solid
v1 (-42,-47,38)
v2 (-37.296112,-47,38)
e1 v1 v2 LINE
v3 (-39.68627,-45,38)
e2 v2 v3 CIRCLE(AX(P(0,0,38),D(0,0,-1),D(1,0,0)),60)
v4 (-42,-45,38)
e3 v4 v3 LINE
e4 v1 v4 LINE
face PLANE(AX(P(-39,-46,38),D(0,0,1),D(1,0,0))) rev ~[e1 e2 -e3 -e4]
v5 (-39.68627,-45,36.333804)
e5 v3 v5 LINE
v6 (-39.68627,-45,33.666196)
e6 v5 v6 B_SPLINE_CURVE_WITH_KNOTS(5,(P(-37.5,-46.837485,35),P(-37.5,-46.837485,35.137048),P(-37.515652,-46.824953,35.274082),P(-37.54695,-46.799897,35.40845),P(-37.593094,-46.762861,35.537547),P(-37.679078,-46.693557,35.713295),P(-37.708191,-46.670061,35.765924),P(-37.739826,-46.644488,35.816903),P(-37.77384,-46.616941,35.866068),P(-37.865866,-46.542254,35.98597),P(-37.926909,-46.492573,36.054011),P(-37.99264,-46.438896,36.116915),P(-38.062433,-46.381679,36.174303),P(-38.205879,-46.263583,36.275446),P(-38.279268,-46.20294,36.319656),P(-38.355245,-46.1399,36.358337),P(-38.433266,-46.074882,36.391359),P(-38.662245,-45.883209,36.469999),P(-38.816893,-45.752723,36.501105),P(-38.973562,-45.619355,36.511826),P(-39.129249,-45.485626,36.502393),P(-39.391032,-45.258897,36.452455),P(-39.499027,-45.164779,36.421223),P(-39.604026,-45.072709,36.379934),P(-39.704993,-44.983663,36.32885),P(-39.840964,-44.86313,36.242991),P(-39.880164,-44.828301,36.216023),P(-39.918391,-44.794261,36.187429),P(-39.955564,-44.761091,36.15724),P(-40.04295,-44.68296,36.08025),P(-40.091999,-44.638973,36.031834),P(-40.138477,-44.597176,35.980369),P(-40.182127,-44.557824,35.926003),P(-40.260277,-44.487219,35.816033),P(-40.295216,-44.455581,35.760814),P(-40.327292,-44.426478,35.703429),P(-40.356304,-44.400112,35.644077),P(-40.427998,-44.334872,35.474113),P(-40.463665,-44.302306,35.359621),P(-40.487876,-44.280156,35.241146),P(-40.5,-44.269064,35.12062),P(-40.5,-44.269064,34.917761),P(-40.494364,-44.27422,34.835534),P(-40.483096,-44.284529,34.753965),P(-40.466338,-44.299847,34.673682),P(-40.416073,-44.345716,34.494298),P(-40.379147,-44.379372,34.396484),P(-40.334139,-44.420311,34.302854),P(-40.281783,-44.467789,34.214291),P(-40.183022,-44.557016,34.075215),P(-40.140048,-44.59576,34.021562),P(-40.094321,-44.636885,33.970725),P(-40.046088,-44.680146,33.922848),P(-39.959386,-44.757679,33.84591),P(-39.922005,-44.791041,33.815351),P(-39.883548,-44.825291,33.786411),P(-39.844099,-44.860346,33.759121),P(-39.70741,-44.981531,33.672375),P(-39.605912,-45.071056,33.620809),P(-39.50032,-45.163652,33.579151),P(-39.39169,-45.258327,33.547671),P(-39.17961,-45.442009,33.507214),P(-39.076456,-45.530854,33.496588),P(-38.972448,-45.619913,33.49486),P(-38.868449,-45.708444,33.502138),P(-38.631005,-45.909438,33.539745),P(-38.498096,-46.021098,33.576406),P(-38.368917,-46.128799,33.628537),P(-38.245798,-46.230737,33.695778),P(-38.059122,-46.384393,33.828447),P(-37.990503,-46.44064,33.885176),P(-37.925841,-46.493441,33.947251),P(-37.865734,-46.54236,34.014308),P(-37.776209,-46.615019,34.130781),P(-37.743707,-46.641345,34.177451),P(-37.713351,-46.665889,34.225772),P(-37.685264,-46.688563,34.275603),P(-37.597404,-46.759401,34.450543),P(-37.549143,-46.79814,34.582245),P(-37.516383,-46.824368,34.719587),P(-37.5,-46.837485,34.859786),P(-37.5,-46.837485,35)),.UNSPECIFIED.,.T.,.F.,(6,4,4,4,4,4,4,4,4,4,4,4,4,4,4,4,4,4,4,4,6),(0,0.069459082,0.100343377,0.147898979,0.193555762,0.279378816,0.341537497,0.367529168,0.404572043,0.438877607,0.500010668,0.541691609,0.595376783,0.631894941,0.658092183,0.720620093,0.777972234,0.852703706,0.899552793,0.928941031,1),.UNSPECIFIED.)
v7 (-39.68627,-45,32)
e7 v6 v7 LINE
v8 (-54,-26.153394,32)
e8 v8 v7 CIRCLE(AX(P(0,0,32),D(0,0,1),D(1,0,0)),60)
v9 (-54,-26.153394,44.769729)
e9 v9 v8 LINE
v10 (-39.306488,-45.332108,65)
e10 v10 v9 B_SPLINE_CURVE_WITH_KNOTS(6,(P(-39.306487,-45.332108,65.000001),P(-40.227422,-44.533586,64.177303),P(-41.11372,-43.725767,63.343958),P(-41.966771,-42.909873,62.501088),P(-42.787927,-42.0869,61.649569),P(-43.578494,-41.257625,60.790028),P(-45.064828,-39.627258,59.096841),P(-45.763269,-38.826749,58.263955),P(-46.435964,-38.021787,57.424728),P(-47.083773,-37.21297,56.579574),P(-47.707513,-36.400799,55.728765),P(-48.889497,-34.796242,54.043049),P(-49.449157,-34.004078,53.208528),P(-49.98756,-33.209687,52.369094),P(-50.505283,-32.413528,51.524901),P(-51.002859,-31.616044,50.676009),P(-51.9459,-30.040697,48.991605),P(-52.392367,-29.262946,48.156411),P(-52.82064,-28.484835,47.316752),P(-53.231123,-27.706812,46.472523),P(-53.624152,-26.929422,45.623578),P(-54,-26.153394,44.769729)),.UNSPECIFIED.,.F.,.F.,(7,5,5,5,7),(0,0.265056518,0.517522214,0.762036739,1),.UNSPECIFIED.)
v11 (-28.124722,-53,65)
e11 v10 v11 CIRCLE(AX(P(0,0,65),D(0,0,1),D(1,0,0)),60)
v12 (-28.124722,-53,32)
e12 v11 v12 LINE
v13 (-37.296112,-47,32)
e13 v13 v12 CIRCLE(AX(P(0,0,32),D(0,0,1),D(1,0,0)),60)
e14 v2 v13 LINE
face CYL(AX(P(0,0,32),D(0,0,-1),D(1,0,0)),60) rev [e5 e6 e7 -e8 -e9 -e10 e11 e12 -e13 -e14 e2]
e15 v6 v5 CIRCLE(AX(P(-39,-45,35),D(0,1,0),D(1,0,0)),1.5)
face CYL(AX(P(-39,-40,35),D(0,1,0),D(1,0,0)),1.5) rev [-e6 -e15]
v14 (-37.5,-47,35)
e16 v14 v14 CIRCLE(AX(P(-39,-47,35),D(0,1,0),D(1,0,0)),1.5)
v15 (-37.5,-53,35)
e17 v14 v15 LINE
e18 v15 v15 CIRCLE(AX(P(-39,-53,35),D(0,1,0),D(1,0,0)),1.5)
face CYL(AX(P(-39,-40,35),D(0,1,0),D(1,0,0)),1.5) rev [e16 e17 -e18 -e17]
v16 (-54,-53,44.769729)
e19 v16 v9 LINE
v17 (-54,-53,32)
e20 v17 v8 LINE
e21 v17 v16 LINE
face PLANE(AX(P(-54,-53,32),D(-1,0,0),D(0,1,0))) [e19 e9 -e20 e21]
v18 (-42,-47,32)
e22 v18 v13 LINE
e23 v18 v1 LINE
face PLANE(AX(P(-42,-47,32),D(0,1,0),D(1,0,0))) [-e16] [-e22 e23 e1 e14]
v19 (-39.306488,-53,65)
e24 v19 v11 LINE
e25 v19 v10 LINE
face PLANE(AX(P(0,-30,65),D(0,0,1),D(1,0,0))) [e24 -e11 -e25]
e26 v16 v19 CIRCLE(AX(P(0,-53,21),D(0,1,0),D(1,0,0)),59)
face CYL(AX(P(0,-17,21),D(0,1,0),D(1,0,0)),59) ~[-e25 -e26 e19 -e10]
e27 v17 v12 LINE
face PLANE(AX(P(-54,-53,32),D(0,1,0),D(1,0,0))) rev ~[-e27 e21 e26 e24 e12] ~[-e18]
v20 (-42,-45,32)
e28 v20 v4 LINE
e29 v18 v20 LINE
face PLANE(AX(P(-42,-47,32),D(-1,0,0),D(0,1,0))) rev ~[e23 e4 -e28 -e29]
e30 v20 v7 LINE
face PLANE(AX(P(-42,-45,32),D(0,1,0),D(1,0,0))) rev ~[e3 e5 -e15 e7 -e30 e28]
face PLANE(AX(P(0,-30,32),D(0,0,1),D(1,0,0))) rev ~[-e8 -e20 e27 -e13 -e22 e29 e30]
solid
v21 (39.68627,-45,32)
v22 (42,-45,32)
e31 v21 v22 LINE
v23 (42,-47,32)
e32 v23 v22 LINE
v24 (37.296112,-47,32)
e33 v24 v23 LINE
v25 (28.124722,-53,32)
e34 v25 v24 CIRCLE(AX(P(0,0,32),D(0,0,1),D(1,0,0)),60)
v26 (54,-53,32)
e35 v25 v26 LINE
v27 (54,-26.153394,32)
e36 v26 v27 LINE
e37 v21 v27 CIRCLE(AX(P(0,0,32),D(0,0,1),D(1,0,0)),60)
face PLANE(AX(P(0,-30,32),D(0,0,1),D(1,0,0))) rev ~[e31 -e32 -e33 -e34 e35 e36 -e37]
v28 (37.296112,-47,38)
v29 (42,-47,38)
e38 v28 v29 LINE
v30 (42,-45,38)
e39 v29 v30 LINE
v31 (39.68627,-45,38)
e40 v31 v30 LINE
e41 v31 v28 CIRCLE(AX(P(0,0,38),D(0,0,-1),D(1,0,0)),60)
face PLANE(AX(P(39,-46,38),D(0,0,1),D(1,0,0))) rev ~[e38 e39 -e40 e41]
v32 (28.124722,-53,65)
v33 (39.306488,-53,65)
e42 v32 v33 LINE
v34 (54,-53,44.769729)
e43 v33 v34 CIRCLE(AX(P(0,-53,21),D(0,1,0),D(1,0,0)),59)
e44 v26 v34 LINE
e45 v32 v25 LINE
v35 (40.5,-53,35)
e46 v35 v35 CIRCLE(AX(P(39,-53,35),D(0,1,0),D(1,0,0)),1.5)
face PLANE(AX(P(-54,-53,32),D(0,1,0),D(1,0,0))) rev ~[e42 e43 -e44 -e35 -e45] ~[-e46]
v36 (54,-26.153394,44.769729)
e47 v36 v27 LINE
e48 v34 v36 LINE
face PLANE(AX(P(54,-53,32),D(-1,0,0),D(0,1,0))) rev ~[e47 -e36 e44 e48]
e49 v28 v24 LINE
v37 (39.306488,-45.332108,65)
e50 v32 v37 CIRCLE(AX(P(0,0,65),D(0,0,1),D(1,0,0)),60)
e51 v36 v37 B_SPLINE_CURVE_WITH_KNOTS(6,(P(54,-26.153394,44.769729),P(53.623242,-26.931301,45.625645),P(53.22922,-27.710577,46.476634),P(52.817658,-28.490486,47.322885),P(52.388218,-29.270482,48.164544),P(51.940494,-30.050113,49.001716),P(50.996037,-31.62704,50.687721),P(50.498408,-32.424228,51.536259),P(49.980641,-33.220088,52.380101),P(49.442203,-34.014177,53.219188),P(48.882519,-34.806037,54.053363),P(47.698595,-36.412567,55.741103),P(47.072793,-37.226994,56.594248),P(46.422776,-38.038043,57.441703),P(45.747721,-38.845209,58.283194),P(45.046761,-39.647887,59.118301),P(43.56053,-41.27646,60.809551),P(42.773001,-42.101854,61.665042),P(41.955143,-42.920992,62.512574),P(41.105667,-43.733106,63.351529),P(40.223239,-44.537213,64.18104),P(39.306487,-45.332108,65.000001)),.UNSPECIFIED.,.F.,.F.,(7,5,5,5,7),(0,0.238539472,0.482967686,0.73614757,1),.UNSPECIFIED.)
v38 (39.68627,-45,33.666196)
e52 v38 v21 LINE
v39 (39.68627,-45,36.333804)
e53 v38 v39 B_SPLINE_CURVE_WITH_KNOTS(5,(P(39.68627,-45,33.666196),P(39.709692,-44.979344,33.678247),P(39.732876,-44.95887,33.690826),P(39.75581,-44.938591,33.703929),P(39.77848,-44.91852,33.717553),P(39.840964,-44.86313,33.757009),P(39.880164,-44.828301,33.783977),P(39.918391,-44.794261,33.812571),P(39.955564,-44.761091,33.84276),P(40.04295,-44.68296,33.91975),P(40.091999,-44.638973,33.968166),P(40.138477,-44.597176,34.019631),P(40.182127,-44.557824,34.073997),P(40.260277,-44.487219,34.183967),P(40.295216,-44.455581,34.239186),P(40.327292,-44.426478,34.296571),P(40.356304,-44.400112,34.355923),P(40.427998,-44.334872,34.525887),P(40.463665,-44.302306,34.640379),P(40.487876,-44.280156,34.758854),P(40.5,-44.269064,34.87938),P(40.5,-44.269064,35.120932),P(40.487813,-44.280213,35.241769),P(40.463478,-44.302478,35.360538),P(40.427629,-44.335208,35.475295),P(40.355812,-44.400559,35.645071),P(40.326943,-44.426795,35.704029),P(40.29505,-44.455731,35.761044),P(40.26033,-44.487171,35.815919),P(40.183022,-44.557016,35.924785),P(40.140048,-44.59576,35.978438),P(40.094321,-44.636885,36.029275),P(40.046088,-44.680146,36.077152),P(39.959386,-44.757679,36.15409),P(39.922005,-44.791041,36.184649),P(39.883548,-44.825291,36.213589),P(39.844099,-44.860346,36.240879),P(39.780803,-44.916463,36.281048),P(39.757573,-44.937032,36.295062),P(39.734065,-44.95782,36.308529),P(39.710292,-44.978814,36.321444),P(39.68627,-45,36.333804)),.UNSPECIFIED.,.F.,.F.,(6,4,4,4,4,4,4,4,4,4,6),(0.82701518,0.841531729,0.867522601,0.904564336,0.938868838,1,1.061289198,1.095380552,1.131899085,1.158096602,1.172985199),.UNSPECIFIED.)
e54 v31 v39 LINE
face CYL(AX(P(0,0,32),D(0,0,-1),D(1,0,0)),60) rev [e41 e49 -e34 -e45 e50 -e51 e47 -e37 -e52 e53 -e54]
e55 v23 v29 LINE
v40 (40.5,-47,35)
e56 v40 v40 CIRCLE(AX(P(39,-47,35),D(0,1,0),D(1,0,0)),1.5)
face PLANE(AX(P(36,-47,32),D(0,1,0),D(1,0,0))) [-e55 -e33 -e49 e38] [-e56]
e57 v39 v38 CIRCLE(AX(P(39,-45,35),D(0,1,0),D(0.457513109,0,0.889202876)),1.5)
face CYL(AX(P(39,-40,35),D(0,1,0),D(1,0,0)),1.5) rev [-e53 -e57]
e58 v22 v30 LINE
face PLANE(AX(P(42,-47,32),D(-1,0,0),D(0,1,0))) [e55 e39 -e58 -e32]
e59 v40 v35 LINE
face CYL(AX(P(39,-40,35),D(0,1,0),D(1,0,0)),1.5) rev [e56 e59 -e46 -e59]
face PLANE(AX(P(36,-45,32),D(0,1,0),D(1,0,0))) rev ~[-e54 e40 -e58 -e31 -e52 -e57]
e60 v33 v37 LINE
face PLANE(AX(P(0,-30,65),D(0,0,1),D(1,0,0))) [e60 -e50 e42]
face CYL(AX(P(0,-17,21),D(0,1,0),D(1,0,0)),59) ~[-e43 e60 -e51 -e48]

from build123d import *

# Parameters (mm, degrees)
CYLINDER1296_R     = 59
CYLINDER1296_DEPTH = 40
BOX454_W           = 6
BOX454_H           = 2
BOX454_DEPTH       = 6
BOX453_W           = 6
BOX453_H           = 2
BOX453_DEPTH       = 6
CYLINDER212_R      = 1.5
CYLINDER212_DEPTH  = 20
CYLINDER211_R      = 1.5
CYLINDER211_DEPTH  = 20
CYLINDER1295_R     = 60
CYLINDER1295_DEPTH = 33
BOX463_W           = 108
BOX463_H           = 46
BOX463_DEPTH       = 33


with BuildPart() as v_lec1296:
    # Cylinder1296 → Cylinder1296 (new body)
    with BuildSketch(Plane(origin=(0, -17, 21), x_dir=(1, 0, 0), z_dir=(0, -1, 0))):
        Circle(CYLINDER1296_R)
    extrude(amount=CYLINDER1296_DEPTH)


with BuildPart() as krychle454:
    # Box454 → Box454 (new body)
    with BuildSketch(Plane(origin=(-42, -45, 31), x_dir=(1, 0, 0), z_dir=(0, 0, 1))):
        with Locations((3, 1)):
            Rectangle(BOX454_W, BOX454_H)
    extrude(amount=BOX454_DEPTH)


with BuildPart() as compound840:
    # Box453 → Box453 (new body)
    with BuildSketch(Plane(origin=(36, -45, 31), x_dir=(1, 0, 0), z_dir=(0, 0, 1))):
        with Locations((3, 1)):
            Rectangle(BOX453_W, BOX453_H)
    extrude(amount=BOX453_DEPTH)

    # Compound840: union Krychle454
    add(krychle454.part)


with BuildPart() as compound840_1:
    # Compound840 placement: moved
    add(compound840.part.moved(Location((0, -2, -11))))


with BuildPart() as v_lec212:
    # Cylinder212 → Cylinder212 (new body)
    with BuildSketch(Plane(origin=(39, -40, 34), x_dir=(1, 0, 0), z_dir=(0, -1, 0))):
        Circle(CYLINDER212_R)
    extrude(amount=CYLINDER212_DEPTH)


with BuildPart() as compound836:
    # Cylinder211 → Cylinder211 (new body)
    with BuildSketch(Plane(origin=(-39, -40, 34), x_dir=(1, 0, 0), z_dir=(0, -1, 0))):
        Circle(CYLINDER211_R)
    extrude(amount=CYLINDER211_DEPTH)

    # Compound836: union Válec212
    add(v_lec212.part)


with BuildPart() as compound836_1:
    # Compound836 placement: moved
    add(compound836.part.moved(Location((0, 0, -11))))


with BuildPart() as v_lec1295:
    # Cylinder1295 → Cylinder1295 (new body)
    with BuildSketch(Plane.XY.offset(20)):
        Circle(CYLINDER1295_R)
    extrude(amount=CYLINDER1295_DEPTH)


with BuildPart() as common001:
    # Box463 → Box463 (new body)
    with BuildSketch(Plane(origin=(-54, -53, 20), x_dir=(1, 0, 0), z_dir=(0, 0, 1))):
        with Locations((54, 23)):
            Rectangle(BOX463_W, BOX463_H)
    extrude(amount=BOX463_DEPTH)

    # Cut447: cut Válec1295
    add(v_lec1295.part, mode=Mode.SUBTRACT)

    # Cut454: cut Compound836
    add(compound836_1.part, mode=Mode.SUBTRACT)

    # Cut443: cut Compound840
    add(compound840_1.part, mode=Mode.SUBTRACT)


with BuildPart() as common001_1:
    # Cut443 placement: moved
    add(common001.part.moved(Location((0, 0, 12))))

    # Common001: intersect Válec1296
    add(v_lec1296.part, mode=Mode.INTERSECT)


solid = common001_1.part
